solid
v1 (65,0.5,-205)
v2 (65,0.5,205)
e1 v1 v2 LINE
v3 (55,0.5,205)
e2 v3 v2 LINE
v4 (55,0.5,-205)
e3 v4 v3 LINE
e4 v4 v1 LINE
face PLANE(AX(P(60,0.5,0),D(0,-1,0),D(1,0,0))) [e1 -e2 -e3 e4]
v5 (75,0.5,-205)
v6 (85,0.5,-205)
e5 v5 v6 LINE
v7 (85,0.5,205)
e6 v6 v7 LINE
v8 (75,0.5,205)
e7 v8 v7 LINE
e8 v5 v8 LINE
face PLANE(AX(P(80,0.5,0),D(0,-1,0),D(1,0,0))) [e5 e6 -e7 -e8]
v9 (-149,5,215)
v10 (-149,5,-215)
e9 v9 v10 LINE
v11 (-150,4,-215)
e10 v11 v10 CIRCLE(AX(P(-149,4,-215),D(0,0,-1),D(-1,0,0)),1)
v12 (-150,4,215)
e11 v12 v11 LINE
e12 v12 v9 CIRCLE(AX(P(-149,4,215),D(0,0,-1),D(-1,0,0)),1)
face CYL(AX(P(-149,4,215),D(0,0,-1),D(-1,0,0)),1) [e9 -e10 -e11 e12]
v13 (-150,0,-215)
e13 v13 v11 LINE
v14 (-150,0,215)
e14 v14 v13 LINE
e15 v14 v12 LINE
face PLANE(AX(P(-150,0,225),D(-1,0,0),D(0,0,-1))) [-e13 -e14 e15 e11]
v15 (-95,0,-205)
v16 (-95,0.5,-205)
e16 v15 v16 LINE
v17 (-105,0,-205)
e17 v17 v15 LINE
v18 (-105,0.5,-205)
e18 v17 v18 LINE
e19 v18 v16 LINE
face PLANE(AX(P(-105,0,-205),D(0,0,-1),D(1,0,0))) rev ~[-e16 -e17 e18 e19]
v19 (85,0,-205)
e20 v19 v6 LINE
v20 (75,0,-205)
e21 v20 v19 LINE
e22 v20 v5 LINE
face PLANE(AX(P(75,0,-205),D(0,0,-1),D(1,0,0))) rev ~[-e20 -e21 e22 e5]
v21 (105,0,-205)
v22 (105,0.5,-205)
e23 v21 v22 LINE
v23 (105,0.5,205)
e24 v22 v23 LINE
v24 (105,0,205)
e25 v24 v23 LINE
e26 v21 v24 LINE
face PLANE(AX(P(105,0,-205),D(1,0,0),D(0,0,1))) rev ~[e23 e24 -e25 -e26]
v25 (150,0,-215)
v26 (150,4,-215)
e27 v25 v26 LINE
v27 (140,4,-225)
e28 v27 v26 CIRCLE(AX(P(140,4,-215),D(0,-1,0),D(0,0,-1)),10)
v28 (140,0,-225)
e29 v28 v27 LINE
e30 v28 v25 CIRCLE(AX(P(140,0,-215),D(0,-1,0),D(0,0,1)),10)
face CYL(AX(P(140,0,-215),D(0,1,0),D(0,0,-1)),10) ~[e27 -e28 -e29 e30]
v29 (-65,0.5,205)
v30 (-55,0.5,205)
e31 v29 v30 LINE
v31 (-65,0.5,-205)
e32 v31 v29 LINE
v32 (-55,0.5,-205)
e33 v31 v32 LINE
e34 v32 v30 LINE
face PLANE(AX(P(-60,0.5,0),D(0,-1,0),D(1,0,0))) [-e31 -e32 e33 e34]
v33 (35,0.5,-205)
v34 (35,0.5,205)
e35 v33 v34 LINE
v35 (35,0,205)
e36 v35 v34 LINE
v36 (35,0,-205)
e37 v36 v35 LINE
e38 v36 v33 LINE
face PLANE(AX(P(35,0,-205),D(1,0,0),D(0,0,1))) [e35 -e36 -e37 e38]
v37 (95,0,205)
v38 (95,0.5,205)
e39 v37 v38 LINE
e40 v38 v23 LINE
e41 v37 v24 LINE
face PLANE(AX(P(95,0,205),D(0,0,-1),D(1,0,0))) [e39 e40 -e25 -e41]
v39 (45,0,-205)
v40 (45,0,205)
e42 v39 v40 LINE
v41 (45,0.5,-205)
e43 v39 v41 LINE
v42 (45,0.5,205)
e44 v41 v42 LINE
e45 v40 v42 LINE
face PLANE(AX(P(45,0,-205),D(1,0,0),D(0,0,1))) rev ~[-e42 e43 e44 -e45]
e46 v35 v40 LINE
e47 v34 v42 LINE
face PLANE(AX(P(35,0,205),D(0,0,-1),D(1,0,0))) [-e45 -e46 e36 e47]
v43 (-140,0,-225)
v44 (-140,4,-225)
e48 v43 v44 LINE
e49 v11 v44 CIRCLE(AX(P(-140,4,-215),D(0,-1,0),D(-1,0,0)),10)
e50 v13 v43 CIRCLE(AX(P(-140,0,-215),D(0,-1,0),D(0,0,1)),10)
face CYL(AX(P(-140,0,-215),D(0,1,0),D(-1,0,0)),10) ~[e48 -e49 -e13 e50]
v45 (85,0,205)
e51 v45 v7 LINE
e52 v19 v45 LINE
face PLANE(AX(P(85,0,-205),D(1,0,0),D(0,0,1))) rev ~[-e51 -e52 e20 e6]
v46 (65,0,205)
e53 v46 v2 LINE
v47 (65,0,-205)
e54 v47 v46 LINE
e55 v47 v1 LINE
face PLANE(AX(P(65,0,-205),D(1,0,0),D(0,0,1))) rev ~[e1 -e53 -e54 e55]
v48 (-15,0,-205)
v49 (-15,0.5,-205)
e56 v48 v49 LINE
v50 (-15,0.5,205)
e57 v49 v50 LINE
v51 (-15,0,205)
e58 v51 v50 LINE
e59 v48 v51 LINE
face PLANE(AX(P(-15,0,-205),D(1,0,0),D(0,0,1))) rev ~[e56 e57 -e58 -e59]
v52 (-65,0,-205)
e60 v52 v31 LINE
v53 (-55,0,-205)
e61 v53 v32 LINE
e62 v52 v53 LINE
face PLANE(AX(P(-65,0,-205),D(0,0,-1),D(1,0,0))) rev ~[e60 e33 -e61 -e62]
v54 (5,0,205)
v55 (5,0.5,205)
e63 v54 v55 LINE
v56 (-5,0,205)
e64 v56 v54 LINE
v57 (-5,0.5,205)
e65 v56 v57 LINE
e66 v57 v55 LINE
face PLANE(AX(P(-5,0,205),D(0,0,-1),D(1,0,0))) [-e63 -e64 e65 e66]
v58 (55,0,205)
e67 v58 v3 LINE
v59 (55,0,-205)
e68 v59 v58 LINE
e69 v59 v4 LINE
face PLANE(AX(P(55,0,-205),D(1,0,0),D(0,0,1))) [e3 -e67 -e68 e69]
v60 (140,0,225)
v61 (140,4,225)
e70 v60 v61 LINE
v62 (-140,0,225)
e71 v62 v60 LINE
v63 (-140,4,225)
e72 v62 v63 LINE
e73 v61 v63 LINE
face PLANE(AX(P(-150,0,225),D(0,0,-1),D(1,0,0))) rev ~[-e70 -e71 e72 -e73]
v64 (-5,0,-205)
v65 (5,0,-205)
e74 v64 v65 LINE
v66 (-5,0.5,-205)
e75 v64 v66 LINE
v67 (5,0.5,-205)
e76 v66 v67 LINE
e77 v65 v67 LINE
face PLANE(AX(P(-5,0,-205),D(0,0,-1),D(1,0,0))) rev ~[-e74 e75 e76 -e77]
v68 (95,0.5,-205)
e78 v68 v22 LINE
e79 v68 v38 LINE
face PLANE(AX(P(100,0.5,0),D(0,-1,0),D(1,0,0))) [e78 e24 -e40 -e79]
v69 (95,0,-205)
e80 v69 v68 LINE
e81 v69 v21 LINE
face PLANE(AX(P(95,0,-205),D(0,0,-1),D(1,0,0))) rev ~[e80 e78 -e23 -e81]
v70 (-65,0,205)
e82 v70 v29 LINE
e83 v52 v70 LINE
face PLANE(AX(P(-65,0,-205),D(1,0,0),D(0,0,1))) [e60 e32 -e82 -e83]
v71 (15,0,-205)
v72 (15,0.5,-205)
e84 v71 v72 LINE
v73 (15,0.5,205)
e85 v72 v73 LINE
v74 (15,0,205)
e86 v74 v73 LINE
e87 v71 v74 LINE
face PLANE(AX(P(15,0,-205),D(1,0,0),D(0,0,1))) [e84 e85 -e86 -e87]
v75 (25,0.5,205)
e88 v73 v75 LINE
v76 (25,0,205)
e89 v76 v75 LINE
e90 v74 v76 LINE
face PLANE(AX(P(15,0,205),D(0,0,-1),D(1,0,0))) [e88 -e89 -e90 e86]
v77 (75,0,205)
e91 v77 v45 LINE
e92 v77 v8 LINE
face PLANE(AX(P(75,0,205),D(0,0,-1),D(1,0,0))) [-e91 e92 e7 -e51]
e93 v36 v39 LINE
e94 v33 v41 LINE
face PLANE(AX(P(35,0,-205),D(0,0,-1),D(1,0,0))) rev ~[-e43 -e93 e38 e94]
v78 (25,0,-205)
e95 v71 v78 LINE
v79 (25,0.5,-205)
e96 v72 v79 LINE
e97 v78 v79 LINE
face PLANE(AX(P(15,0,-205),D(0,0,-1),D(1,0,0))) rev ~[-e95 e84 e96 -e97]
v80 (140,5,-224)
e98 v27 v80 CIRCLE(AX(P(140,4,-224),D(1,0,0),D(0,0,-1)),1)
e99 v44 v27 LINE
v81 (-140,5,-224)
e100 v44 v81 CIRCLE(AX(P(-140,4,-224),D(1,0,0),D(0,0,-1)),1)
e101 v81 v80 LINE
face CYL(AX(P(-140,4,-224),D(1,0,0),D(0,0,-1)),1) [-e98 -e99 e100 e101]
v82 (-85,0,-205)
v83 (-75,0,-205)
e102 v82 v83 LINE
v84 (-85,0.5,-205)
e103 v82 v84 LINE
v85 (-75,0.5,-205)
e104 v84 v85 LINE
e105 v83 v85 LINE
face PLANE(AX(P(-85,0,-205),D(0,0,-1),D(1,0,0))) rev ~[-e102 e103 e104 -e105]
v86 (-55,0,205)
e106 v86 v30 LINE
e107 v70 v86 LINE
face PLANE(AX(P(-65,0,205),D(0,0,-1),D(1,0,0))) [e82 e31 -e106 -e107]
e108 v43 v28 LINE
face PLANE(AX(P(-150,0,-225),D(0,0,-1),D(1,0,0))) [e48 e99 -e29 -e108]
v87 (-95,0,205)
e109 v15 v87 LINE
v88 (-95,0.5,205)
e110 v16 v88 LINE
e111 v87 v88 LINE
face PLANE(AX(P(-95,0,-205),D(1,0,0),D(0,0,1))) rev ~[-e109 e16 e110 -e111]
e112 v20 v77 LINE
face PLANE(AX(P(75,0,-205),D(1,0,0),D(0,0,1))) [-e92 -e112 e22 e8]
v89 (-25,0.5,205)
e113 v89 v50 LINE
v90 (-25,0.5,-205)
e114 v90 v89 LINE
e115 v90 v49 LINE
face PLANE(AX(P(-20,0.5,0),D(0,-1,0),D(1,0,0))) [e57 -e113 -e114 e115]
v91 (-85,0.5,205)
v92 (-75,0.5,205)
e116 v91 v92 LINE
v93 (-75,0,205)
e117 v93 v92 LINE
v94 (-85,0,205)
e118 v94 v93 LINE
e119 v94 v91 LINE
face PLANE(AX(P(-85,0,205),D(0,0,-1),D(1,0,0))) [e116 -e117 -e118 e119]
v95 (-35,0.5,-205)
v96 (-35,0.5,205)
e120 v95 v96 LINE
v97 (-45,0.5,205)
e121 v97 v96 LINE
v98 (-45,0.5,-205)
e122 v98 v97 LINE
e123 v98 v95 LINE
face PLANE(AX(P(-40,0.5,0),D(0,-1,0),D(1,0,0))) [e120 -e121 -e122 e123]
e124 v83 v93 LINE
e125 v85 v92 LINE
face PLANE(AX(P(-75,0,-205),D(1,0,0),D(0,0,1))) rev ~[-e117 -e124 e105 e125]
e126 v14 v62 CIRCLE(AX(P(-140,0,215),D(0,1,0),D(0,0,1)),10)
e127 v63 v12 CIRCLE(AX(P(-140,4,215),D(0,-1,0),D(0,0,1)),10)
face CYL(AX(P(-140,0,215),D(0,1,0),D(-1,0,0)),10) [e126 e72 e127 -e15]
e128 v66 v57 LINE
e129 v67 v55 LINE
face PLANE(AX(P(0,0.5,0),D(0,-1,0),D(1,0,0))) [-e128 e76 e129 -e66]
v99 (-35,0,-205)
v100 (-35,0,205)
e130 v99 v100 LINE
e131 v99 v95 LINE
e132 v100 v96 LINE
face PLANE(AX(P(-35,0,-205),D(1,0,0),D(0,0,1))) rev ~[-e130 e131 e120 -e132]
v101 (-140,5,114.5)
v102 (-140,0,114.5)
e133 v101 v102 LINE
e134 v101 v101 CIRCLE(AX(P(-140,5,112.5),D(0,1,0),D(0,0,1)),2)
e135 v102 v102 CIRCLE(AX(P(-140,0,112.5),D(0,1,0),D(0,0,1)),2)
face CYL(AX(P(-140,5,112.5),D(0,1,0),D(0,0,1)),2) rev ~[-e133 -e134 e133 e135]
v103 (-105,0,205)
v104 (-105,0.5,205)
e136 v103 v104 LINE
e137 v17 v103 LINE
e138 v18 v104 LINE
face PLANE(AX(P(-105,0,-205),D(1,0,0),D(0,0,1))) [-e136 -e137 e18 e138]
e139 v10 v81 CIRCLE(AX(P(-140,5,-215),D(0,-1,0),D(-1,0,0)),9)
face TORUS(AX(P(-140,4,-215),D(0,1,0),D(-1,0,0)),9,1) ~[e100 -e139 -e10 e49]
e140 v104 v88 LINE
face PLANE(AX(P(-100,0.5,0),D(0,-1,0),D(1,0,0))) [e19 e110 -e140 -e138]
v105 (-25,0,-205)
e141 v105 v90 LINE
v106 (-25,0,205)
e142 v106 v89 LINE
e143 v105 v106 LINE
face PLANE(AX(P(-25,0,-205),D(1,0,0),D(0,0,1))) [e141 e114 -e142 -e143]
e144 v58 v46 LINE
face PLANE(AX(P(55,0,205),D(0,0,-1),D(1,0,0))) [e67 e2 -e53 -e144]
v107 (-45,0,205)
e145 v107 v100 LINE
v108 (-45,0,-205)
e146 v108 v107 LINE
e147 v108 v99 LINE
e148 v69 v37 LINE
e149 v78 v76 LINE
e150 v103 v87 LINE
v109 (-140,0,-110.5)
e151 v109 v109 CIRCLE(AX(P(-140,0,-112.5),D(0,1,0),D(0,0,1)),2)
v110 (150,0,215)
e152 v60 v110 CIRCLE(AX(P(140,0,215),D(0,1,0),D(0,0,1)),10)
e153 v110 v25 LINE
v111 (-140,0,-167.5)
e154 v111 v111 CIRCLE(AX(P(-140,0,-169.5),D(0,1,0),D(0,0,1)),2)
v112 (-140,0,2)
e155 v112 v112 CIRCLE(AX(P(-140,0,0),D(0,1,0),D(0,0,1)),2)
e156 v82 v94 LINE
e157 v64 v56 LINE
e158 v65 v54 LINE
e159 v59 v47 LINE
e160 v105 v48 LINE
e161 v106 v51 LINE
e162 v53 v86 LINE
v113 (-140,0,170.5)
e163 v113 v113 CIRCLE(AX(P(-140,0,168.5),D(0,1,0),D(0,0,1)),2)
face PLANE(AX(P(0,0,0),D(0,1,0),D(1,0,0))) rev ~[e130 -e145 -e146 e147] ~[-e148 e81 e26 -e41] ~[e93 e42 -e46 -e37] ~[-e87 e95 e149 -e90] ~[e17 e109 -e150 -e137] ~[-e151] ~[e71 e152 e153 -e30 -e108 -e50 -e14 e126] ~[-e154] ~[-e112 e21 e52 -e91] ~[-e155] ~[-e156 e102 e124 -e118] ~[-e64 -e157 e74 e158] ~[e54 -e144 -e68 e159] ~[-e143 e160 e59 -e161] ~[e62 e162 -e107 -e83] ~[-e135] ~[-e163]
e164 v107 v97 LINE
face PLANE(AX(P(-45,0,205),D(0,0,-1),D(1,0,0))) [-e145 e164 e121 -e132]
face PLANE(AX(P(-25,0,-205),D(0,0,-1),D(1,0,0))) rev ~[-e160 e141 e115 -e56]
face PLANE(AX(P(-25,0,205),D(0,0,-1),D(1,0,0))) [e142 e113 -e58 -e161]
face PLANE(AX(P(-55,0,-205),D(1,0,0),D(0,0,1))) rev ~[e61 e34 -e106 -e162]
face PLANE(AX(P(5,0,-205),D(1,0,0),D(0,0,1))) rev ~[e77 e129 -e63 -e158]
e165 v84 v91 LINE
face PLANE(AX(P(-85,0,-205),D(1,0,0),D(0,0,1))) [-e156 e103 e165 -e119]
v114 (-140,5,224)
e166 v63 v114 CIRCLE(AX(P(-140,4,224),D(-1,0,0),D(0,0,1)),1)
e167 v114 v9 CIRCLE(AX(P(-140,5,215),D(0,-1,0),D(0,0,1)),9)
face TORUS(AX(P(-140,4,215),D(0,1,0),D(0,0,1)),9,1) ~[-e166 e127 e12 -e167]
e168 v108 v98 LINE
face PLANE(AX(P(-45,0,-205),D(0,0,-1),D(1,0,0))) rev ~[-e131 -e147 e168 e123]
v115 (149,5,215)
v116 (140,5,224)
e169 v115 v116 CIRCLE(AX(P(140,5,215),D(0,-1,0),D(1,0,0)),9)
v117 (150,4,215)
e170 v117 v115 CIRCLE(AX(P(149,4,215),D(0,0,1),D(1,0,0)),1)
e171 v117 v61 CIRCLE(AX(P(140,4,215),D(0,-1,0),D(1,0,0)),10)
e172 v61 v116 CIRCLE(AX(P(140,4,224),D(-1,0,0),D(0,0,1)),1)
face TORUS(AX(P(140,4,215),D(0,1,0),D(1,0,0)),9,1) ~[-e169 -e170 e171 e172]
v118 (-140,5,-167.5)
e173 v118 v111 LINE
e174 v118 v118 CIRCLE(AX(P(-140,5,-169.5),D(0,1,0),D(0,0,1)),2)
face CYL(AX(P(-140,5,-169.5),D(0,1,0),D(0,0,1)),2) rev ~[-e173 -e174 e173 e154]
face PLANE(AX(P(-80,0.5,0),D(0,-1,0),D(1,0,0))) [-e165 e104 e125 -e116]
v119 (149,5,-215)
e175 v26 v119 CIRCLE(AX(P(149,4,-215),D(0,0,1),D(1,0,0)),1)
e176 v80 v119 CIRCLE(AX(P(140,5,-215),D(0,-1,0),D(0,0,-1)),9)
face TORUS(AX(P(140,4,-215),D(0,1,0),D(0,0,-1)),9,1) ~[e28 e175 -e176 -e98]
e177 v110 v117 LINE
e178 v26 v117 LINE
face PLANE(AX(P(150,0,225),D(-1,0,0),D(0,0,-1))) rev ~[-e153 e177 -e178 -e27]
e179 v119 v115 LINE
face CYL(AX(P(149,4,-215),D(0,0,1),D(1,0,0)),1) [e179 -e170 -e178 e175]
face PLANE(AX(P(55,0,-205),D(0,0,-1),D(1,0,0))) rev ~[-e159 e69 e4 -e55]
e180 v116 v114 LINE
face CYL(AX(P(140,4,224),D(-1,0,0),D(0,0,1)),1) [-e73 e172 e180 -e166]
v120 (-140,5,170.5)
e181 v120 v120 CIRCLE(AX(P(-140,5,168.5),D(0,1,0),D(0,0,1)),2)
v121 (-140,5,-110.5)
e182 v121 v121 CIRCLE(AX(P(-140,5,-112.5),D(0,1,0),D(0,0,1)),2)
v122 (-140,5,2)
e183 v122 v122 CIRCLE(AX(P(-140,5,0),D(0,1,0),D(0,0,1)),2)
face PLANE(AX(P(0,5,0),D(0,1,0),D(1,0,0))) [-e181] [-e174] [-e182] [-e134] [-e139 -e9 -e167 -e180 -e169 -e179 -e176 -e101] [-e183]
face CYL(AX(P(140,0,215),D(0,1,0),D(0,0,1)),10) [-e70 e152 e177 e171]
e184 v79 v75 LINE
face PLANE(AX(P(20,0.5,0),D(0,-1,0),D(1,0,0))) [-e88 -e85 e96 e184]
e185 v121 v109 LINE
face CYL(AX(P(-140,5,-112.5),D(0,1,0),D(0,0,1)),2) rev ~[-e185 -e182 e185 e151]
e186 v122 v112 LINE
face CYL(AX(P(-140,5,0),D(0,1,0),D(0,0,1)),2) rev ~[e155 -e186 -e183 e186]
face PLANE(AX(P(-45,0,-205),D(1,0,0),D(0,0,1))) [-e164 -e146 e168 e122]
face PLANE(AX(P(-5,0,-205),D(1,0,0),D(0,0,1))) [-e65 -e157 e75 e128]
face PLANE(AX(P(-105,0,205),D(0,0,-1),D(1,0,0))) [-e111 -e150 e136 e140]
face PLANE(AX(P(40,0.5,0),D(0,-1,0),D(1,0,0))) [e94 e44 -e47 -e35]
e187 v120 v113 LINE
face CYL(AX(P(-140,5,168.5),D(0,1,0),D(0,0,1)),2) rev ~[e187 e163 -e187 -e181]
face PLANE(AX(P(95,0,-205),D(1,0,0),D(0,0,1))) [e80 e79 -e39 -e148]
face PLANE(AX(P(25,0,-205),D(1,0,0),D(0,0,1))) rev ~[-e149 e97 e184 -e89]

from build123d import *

# Parameters (mm, degrees)
SKETCH1_W           = 300
SKETCH1_H           = 450
BOSS_EXTRUDE1_DEPTH = 5
SKETCH2_R           = 2
CUT_EXTRUDE1_DEPTH  = 271.462566726
FILLET2_R           = 10
FILLET1_R           = 1
SKETCH4_W           = 10
SKETCH4_H           = 410
CUT_EXTRUDE3_DEPTH  = 0.5


with BuildPart() as part:
    # Sketch1 → Boss-Extrude1 (new body)
    with BuildSketch(Plane(origin=(0, 0, 0), x_dir=(1, 0, 0), z_dir=(0, 1, 0))):
        Rectangle(SKETCH1_W, SKETCH1_H)
    extrude(amount=BOSS_EXTRUDE1_DEPTH)

    # Sketch2 → Cut-Extrude1 (cut, through all)
    with BuildSketch(Plane(origin=(0, 5, 0), x_dir=(1, 0, 0), z_dir=(0, 1, 0))):
        with Locations(Location((-140, 0, 0), (0, 0, 270))):
            Circle(SKETCH2_R)
        with Locations(Location((-140, 112.5, 0), (0, 0, 270))):
            Circle(SKETCH2_R)
        with Locations(Location((-140, -112.5, 0), (0, 0, 270))):
            Circle(SKETCH2_R)
        with Locations(Location((-140, 169.5, 0), (0, 0, 270))):
            Circle(SKETCH2_R)
        with Locations(Location((-140, -168.5, 0), (0, 0, 270))):
            Circle(SKETCH2_R)
    extrude(amount=-CUT_EXTRUDE1_DEPTH, mode=Mode.SUBTRACT)

    # Fillet2
    fillet2_edges = [part.edges().sort_by_distance(p)[0] for p in [
        (150, 2.5, 225),
        (-150, 2.5, 225),
        (-150, 2.5, -225),
        (150, 2.5, -225),
    ]]
    fillet(fillet2_edges, radius=FILLET2_R)

    # Fillet1
    fillet1_edges = [part.edges().sort_by_distance(p)[0] for p in [
        (-150, 5, 0),
        (0, 5, -225),
        (150, 5, 0),
        (0, 5, 225),
        (-147.071067812, 5, 222.071067812),
        (147.071067812, 5, 222.071067812),
        (147.071067812, 5, -222.071067812),
        (-147.071067812, 5, -222.071067812),
    ]]
    fillet(fillet1_edges, radius=FILLET1_R)

    # Sketch4 → Cut-Extrude3 (cut)
    with BuildSketch(Plane.XZ):
        with Locations((20, 0)):
            Rectangle(SKETCH4_W, SKETCH4_H)
        Rectangle(SKETCH4_W, SKETCH4_H)
        with Locations((40, 0)):
            Rectangle(SKETCH4_W, SKETCH4_H)
        with Locations((60, 0)):
            Rectangle(SKETCH4_W, SKETCH4_H)
        with Locations((80, 0)):
            Rectangle(SKETCH4_W, SKETCH4_H)
        with Locations((100, 0)):
            Rectangle(SKETCH4_W, SKETCH4_H)
        with Locations((-20, 0)):
            Rectangle(SKETCH4_W, SKETCH4_H)
        with Locations((-40, 0)):
            Rectangle(SKETCH4_W, SKETCH4_H)
        with Locations((-60, 0)):
            Rectangle(SKETCH4_W, SKETCH4_H)
        with Locations((-80, 0)):
            Rectangle(SKETCH4_W, SKETCH4_H)
        with Locations((-100, 0)):
            Rectangle(SKETCH4_W, SKETCH4_H)
    extrude(amount=-CUT_EXTRUDE3_DEPTH, mode=Mode.SUBTRACT)


solid = part.part
